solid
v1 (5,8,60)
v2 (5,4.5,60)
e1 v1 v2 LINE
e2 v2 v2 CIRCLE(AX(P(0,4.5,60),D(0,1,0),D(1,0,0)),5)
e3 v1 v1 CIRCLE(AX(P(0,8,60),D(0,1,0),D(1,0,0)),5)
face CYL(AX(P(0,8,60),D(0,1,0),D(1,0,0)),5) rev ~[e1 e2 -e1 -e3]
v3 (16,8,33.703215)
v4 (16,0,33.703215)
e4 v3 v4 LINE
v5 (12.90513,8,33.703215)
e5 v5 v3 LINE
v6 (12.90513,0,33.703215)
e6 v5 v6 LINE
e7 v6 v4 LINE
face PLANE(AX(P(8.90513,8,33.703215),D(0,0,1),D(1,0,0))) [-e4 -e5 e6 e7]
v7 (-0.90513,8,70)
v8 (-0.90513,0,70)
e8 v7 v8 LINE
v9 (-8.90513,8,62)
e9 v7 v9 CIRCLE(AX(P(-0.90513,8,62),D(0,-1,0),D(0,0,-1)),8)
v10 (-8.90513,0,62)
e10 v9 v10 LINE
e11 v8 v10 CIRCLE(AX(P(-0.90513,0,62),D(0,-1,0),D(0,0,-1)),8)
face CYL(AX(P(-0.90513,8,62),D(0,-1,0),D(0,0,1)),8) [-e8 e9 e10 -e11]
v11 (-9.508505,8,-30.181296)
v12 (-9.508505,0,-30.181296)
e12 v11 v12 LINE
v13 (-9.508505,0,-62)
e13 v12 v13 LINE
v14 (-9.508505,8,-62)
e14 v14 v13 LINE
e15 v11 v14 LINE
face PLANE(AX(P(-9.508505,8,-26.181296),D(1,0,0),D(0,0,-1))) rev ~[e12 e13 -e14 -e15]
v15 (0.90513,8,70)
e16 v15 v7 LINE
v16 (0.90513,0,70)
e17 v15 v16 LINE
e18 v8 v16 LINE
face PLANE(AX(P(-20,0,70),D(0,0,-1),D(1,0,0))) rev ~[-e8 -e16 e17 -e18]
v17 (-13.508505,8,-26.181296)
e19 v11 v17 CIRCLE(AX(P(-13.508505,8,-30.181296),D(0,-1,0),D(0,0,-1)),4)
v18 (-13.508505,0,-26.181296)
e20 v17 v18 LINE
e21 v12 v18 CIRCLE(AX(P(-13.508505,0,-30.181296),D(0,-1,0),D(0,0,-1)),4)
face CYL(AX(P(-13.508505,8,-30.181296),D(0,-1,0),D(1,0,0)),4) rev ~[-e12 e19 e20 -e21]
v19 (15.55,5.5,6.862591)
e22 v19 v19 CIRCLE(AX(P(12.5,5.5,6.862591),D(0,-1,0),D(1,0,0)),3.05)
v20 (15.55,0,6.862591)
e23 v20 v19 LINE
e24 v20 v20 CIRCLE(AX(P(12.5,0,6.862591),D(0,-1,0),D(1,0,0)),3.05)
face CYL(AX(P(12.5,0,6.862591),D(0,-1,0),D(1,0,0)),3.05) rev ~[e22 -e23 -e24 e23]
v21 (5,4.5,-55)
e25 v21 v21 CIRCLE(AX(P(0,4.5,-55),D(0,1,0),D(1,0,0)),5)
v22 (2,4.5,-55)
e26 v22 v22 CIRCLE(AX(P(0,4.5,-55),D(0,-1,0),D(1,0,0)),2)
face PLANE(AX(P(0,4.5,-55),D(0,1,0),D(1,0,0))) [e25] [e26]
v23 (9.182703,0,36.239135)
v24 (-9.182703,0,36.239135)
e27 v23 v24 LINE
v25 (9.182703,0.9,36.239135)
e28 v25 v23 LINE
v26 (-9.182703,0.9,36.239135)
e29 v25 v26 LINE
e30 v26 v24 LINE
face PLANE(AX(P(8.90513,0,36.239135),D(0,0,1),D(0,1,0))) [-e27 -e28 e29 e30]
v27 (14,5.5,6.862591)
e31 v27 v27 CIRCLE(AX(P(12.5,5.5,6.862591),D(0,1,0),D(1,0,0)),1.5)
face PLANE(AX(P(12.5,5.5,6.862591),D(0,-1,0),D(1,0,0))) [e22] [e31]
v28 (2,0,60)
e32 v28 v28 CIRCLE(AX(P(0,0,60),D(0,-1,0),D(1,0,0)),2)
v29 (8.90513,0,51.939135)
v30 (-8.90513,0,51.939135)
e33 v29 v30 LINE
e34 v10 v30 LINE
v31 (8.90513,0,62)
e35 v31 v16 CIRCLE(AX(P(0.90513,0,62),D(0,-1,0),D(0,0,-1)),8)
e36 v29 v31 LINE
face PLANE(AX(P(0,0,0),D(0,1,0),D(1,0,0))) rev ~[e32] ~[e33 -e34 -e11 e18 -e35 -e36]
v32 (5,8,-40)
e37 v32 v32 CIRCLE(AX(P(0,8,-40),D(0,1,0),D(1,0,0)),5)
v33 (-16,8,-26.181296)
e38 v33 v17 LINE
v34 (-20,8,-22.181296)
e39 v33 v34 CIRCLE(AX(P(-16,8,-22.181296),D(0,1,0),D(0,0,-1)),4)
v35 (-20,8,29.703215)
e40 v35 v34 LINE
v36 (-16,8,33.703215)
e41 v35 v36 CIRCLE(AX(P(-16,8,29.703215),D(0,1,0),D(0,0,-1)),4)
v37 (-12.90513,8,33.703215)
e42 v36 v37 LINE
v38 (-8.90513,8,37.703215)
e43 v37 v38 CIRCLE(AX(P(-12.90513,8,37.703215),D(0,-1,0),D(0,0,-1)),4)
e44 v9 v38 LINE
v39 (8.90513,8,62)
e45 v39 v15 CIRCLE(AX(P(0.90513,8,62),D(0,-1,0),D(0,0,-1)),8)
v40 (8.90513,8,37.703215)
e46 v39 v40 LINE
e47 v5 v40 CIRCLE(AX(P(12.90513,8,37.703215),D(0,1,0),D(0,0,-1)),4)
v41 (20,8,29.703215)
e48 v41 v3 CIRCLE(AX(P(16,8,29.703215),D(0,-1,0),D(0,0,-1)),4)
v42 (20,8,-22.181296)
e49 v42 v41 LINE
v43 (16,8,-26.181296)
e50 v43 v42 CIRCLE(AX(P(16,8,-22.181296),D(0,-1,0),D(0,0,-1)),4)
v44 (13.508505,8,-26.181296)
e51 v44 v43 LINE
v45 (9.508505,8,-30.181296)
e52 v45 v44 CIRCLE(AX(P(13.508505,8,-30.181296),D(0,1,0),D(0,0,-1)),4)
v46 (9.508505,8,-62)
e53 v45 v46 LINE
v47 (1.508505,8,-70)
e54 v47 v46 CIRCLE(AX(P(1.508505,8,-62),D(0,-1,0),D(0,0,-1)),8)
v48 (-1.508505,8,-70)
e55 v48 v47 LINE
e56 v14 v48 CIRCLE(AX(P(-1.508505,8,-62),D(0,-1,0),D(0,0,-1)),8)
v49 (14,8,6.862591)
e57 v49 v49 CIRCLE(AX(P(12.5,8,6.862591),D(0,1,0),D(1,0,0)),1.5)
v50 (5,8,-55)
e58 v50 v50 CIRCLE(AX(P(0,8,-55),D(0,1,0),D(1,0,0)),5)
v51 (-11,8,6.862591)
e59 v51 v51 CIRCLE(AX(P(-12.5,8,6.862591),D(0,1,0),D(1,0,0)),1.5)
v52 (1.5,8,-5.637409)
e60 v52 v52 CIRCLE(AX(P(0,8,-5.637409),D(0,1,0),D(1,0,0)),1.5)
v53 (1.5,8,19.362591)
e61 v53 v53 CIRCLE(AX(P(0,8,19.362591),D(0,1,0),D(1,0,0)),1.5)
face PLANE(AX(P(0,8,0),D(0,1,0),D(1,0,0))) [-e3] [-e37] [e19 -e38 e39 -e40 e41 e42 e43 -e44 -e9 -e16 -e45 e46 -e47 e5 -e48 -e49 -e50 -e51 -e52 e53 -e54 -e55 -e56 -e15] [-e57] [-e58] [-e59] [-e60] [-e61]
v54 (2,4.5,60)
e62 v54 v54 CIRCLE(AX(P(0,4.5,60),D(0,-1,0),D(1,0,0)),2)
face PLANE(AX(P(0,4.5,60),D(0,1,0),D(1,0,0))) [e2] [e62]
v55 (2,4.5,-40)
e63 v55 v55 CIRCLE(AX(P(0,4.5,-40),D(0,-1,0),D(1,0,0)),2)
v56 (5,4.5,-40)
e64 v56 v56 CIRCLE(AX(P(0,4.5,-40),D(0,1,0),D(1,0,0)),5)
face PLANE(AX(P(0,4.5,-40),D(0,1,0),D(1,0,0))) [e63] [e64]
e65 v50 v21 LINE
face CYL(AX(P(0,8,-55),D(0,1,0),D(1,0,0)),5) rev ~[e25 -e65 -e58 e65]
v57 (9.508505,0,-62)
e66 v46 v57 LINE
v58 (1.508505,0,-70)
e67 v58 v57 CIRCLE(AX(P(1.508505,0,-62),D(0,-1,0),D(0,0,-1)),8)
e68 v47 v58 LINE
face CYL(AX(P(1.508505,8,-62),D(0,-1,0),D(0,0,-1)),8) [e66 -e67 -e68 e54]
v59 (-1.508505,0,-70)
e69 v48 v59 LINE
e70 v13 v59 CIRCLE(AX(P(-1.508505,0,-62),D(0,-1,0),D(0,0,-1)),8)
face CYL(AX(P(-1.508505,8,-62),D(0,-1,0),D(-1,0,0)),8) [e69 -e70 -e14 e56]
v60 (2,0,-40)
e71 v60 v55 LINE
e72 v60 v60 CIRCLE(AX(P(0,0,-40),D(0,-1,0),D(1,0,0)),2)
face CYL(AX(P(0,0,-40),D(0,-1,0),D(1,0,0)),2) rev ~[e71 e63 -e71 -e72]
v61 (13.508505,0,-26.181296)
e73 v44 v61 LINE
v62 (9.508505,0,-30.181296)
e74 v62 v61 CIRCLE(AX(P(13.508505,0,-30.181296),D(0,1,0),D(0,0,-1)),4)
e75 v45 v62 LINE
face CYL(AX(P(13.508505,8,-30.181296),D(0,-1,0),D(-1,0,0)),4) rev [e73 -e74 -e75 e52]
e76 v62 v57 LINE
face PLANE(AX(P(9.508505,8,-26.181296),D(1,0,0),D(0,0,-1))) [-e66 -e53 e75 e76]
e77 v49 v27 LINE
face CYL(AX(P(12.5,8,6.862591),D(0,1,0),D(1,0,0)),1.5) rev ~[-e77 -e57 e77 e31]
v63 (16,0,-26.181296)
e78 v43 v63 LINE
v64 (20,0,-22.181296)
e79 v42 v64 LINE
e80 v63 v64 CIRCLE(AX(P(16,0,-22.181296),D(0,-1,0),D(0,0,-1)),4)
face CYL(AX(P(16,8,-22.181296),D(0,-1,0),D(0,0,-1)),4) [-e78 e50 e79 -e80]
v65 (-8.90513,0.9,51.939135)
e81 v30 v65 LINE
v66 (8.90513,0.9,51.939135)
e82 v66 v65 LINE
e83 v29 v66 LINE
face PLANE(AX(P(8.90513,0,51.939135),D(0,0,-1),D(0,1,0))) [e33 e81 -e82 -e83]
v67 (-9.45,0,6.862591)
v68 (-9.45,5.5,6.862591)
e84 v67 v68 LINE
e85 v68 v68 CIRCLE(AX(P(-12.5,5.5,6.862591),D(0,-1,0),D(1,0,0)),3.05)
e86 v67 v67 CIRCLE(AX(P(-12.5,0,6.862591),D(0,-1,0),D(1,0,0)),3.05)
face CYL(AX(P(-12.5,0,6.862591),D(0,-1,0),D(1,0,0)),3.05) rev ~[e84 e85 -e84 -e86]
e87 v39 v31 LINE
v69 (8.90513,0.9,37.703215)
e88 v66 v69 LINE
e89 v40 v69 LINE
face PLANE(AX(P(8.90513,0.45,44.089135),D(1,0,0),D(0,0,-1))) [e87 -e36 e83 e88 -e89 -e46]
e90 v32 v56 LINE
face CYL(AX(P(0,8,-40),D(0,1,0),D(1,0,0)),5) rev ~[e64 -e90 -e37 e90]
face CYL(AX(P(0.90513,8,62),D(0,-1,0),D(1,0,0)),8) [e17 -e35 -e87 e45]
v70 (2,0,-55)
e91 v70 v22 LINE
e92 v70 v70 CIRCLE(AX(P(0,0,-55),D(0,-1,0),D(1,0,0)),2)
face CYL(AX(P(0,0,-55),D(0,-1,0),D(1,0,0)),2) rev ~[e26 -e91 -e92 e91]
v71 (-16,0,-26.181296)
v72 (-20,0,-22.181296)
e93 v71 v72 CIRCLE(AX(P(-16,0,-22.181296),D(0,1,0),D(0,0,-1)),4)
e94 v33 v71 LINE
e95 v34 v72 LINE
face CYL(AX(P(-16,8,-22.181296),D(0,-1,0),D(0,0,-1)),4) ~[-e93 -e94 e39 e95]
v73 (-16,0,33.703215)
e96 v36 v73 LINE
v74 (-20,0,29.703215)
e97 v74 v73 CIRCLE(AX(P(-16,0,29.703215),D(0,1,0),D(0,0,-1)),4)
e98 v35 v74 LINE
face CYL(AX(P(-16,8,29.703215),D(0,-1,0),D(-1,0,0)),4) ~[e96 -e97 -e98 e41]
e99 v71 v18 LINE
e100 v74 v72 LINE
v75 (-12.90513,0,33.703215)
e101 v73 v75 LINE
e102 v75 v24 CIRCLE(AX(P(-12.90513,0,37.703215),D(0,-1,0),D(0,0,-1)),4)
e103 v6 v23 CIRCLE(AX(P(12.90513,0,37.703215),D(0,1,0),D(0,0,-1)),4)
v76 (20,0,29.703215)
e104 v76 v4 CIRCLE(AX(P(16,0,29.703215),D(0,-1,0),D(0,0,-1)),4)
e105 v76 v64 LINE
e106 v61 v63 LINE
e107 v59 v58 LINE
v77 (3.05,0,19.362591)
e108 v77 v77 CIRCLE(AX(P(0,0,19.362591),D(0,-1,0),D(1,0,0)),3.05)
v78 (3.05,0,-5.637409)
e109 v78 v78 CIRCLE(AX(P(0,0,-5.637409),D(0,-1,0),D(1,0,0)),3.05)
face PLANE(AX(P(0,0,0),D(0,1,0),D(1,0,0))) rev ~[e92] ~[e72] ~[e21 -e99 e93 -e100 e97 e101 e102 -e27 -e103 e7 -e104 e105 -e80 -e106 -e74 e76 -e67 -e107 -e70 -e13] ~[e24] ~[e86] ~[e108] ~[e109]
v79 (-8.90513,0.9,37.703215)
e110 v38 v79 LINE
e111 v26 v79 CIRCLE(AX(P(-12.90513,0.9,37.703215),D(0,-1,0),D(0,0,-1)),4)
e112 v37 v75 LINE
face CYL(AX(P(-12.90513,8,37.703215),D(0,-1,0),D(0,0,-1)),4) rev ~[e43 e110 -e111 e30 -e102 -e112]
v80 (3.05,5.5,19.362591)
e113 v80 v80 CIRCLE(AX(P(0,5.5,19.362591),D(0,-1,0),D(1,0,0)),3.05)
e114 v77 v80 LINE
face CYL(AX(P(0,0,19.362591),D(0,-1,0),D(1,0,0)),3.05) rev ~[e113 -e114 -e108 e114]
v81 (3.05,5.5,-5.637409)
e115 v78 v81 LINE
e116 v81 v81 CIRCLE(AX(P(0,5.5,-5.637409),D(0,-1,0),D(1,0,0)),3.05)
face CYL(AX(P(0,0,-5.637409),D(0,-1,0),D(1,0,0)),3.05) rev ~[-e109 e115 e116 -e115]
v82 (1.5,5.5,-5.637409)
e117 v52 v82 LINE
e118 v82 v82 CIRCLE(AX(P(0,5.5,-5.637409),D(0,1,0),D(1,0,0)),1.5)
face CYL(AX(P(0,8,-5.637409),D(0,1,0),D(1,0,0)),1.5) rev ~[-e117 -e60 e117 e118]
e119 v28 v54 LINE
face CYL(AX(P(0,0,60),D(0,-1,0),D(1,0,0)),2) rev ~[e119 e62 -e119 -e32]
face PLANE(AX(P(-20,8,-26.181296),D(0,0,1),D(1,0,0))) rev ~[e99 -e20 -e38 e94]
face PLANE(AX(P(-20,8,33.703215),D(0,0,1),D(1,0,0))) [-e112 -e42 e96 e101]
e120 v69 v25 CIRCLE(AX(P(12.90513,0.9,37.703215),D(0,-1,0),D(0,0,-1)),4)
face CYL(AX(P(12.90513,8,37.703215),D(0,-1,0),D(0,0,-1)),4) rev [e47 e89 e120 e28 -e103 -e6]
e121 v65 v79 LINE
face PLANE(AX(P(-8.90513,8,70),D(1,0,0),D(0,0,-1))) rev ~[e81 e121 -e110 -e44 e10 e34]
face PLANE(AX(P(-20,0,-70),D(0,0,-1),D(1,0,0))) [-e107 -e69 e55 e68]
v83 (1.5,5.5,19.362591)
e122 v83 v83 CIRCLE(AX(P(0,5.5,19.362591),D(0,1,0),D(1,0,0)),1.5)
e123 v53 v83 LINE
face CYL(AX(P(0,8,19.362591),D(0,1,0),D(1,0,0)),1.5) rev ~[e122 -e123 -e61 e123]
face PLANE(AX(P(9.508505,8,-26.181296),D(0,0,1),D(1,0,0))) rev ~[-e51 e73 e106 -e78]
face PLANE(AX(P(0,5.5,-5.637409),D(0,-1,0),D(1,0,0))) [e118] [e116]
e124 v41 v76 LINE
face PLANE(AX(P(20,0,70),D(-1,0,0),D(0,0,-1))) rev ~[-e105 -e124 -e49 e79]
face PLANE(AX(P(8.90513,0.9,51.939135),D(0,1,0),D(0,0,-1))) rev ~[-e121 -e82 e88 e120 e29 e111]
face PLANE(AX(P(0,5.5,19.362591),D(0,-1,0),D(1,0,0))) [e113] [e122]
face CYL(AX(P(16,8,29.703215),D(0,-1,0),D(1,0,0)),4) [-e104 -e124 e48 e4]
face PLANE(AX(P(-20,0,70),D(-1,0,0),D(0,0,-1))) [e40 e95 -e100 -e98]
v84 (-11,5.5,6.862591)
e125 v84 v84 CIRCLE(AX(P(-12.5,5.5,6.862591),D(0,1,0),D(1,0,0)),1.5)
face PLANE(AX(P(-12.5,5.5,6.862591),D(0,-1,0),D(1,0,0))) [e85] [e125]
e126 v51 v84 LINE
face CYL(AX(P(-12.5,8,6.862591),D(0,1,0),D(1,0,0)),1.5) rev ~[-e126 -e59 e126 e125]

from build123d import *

# Parameters (mm, degrees)
SKETCH1_W               = 40
SKETCH1_H               = 140
BOSS_EXTRUDE1_DEPTH     = 8
SKETCH2_W               = 10.491495072
SKETCH2_H               = 43.818703547
SKETCH2_W_2             = 11.094869632
SKETCH2_H_2             = 36.296784829
CUT_EXTRUDE1_DEPTH      = 1
CUT_EXTRUDE1_DEPTH_BACK = 9
FILLET3_R               = 8
FILLET4_R               = 4
SKETCH3_R               = 1.5
CUT_EXTRUDE2_DEPTH      = 1
CUT_EXTRUDE2_DEPTH_BACK = 9
SKETCH4_W               = 15.7
SKETCH4_H               = 0.9
CUT_EXTRUDE3_DEPTH      = 12.094869632
CUT_EXTRUDE3_DEPTH_BACK = 29.905130368
SKETCH5_R               = 3.05
CUT_EXTRUDE4_DEPTH      = 5.5
SKETCH6_R               = 2
CUT_EXTRUDE5_DEPTH      = 1
CUT_EXTRUDE5_DEPTH_BACK = 9
SKETCH7_R               = 5
CUT_EXTRUDE6_DEPTH      = 3.5


with BuildPart() as part:
    # Sketch1 → Boss-Extrude1 (new body)
    with BuildSketch(Plane(origin=(0, 0, 0), x_dir=(1, 0, 0), z_dir=(0, 1, 0))):
        Rectangle(SKETCH1_W, SKETCH1_H)
    extrude(amount=BOSS_EXTRUDE1_DEPTH)

    # Sketch2 → Cut-Extrude1 (cut, two sides)
    with BuildSketch(Plane(origin=(0, 8, 0), x_dir=(1, 0, 0), z_dir=(0, 1, 0))) as cut_extrude1_sk:
        with Locations((14.754252464, 48.090648227)):
            Rectangle(SKETCH2_W, SKETCH2_H)
        with Locations((-14.452565184, -51.851607586)):
            Rectangle(SKETCH2_W_2, SKETCH2_H_2)
        with Locations((14.452565184, -51.851607586)):
            Rectangle(SKETCH2_W_2, SKETCH2_H_2)
        with Locations((-14.754252464, 48.090648227)):
            Rectangle(SKETCH2_W, SKETCH2_H)
    extrude(amount=CUT_EXTRUDE1_DEPTH, mode=Mode.SUBTRACT)
    extrude(cut_extrude1_sk.sketch, amount=-CUT_EXTRUDE1_DEPTH_BACK, mode=Mode.SUBTRACT)

    # Fillet3
    fillet3_edges = [part.edges().sort_by_distance(p)[0] for p in [
        (-9.508504928, 4, -70),
        (8.905130368, 4, 70),
        (-8.905130368, 4, 70),
        (9.508504928, 4, -70),
    ]]
    fillet(fillet3_edges, radius=FILLET3_R)

    # Fillet4
    fillet4_edges = [part.edges().sort_by_distance(p)[0] for p in [
        (-9.508504928, 4, -26.181296453),
        (-20, 4, -26.181296453),
        (8.905130368, 4, 33.703215171),
        (20, 4, 33.703215171),
        (-8.905130368, 4, 33.703215171),
        (-20, 4, 33.703215171),
        (9.508504928, 4, -26.181296453),
        (20, 4, -26.181296453),
    ]]
    fillet(fillet4_edges, radius=FILLET4_R)

    # Sketch3 → Cut-Extrude2 (cut, two sides)
    with BuildSketch(Plane(origin=(0, 8, 0), x_dir=(1, 0, 0), z_dir=(0, 1, 0))) as cut_extrude2_sk:
        with Locations((12.5, -6.862591123)):
            Circle(SKETCH3_R)
        with Locations((0, 5.637408877)):
            Circle(SKETCH3_R)
        with Locations((-12.5, -6.862591123)):
            Circle(SKETCH3_R)
        with Locations((0, -19.362591123)):
            Circle(SKETCH3_R)
    extrude(amount=CUT_EXTRUDE2_DEPTH, mode=Mode.SUBTRACT)
    extrude(cut_extrude2_sk.sketch, amount=-CUT_EXTRUDE2_DEPTH_BACK, mode=Mode.SUBTRACT)

    # Sketch4 → Cut-Extrude3 (cut, two sides)
    with BuildSketch(Plane(origin=(8.905130368, 0, 0), x_dir=(0, 0, -1), z_dir=(1, 0, 0))) as cut_extrude3_sk:
        with Locations((-44.089134708, 0.45)):
            Rectangle(SKETCH4_W, SKETCH4_H)
    extrude(amount=CUT_EXTRUDE3_DEPTH, mode=Mode.SUBTRACT)
    extrude(cut_extrude3_sk.sketch, amount=-CUT_EXTRUDE3_DEPTH_BACK, mode=Mode.SUBTRACT)

    # Sketch5 → Cut-Extrude4 (cut)
    with BuildSketch(Plane.XZ):
        with Locations((12.5, 6.862591123)):
            Circle(SKETCH5_R)
        with Locations((0, -5.637408877)):
            Circle(SKETCH5_R)
        with Locations((-12.5, 6.862591123)):
            Circle(SKETCH5_R)
        with Locations((0, 19.362591123)):
            Circle(SKETCH5_R)
    extrude(amount=-CUT_EXTRUDE4_DEPTH, mode=Mode.SUBTRACT)

    # Sketch6 → Cut-Extrude5 (cut, two sides)
    with BuildSketch(Plane.XZ) as cut_extrude5_sk:
        with Locations((0, 60)):
            Circle(SKETCH6_R)
        with Locations((0, -55)):
            Circle(SKETCH6_R)
        with Locations((0, -40)):
            Circle(SKETCH6_R)
    extrude(amount=CUT_EXTRUDE5_DEPTH, mode=Mode.SUBTRACT)
    extrude(cut_extrude5_sk.sketch, amount=-CUT_EXTRUDE5_DEPTH_BACK, mode=Mode.SUBTRACT)

    # Sketch7 → Cut-Extrude6 (cut)
    with BuildSketch(Plane(origin=(0, 8, 0), x_dir=(1, 0, 0), z_dir=(0, 1, 0))):
        with Locations((0, 55)):
            Circle(SKETCH7_R)
        with Locations((0, -60)):
            Circle(SKETCH7_R)
        with Locations((0, 40)):
            Circle(SKETCH7_R)
    extrude(amount=-CUT_EXTRUDE6_DEPTH, mode=Mode.SUBTRACT)


solid = part.part
